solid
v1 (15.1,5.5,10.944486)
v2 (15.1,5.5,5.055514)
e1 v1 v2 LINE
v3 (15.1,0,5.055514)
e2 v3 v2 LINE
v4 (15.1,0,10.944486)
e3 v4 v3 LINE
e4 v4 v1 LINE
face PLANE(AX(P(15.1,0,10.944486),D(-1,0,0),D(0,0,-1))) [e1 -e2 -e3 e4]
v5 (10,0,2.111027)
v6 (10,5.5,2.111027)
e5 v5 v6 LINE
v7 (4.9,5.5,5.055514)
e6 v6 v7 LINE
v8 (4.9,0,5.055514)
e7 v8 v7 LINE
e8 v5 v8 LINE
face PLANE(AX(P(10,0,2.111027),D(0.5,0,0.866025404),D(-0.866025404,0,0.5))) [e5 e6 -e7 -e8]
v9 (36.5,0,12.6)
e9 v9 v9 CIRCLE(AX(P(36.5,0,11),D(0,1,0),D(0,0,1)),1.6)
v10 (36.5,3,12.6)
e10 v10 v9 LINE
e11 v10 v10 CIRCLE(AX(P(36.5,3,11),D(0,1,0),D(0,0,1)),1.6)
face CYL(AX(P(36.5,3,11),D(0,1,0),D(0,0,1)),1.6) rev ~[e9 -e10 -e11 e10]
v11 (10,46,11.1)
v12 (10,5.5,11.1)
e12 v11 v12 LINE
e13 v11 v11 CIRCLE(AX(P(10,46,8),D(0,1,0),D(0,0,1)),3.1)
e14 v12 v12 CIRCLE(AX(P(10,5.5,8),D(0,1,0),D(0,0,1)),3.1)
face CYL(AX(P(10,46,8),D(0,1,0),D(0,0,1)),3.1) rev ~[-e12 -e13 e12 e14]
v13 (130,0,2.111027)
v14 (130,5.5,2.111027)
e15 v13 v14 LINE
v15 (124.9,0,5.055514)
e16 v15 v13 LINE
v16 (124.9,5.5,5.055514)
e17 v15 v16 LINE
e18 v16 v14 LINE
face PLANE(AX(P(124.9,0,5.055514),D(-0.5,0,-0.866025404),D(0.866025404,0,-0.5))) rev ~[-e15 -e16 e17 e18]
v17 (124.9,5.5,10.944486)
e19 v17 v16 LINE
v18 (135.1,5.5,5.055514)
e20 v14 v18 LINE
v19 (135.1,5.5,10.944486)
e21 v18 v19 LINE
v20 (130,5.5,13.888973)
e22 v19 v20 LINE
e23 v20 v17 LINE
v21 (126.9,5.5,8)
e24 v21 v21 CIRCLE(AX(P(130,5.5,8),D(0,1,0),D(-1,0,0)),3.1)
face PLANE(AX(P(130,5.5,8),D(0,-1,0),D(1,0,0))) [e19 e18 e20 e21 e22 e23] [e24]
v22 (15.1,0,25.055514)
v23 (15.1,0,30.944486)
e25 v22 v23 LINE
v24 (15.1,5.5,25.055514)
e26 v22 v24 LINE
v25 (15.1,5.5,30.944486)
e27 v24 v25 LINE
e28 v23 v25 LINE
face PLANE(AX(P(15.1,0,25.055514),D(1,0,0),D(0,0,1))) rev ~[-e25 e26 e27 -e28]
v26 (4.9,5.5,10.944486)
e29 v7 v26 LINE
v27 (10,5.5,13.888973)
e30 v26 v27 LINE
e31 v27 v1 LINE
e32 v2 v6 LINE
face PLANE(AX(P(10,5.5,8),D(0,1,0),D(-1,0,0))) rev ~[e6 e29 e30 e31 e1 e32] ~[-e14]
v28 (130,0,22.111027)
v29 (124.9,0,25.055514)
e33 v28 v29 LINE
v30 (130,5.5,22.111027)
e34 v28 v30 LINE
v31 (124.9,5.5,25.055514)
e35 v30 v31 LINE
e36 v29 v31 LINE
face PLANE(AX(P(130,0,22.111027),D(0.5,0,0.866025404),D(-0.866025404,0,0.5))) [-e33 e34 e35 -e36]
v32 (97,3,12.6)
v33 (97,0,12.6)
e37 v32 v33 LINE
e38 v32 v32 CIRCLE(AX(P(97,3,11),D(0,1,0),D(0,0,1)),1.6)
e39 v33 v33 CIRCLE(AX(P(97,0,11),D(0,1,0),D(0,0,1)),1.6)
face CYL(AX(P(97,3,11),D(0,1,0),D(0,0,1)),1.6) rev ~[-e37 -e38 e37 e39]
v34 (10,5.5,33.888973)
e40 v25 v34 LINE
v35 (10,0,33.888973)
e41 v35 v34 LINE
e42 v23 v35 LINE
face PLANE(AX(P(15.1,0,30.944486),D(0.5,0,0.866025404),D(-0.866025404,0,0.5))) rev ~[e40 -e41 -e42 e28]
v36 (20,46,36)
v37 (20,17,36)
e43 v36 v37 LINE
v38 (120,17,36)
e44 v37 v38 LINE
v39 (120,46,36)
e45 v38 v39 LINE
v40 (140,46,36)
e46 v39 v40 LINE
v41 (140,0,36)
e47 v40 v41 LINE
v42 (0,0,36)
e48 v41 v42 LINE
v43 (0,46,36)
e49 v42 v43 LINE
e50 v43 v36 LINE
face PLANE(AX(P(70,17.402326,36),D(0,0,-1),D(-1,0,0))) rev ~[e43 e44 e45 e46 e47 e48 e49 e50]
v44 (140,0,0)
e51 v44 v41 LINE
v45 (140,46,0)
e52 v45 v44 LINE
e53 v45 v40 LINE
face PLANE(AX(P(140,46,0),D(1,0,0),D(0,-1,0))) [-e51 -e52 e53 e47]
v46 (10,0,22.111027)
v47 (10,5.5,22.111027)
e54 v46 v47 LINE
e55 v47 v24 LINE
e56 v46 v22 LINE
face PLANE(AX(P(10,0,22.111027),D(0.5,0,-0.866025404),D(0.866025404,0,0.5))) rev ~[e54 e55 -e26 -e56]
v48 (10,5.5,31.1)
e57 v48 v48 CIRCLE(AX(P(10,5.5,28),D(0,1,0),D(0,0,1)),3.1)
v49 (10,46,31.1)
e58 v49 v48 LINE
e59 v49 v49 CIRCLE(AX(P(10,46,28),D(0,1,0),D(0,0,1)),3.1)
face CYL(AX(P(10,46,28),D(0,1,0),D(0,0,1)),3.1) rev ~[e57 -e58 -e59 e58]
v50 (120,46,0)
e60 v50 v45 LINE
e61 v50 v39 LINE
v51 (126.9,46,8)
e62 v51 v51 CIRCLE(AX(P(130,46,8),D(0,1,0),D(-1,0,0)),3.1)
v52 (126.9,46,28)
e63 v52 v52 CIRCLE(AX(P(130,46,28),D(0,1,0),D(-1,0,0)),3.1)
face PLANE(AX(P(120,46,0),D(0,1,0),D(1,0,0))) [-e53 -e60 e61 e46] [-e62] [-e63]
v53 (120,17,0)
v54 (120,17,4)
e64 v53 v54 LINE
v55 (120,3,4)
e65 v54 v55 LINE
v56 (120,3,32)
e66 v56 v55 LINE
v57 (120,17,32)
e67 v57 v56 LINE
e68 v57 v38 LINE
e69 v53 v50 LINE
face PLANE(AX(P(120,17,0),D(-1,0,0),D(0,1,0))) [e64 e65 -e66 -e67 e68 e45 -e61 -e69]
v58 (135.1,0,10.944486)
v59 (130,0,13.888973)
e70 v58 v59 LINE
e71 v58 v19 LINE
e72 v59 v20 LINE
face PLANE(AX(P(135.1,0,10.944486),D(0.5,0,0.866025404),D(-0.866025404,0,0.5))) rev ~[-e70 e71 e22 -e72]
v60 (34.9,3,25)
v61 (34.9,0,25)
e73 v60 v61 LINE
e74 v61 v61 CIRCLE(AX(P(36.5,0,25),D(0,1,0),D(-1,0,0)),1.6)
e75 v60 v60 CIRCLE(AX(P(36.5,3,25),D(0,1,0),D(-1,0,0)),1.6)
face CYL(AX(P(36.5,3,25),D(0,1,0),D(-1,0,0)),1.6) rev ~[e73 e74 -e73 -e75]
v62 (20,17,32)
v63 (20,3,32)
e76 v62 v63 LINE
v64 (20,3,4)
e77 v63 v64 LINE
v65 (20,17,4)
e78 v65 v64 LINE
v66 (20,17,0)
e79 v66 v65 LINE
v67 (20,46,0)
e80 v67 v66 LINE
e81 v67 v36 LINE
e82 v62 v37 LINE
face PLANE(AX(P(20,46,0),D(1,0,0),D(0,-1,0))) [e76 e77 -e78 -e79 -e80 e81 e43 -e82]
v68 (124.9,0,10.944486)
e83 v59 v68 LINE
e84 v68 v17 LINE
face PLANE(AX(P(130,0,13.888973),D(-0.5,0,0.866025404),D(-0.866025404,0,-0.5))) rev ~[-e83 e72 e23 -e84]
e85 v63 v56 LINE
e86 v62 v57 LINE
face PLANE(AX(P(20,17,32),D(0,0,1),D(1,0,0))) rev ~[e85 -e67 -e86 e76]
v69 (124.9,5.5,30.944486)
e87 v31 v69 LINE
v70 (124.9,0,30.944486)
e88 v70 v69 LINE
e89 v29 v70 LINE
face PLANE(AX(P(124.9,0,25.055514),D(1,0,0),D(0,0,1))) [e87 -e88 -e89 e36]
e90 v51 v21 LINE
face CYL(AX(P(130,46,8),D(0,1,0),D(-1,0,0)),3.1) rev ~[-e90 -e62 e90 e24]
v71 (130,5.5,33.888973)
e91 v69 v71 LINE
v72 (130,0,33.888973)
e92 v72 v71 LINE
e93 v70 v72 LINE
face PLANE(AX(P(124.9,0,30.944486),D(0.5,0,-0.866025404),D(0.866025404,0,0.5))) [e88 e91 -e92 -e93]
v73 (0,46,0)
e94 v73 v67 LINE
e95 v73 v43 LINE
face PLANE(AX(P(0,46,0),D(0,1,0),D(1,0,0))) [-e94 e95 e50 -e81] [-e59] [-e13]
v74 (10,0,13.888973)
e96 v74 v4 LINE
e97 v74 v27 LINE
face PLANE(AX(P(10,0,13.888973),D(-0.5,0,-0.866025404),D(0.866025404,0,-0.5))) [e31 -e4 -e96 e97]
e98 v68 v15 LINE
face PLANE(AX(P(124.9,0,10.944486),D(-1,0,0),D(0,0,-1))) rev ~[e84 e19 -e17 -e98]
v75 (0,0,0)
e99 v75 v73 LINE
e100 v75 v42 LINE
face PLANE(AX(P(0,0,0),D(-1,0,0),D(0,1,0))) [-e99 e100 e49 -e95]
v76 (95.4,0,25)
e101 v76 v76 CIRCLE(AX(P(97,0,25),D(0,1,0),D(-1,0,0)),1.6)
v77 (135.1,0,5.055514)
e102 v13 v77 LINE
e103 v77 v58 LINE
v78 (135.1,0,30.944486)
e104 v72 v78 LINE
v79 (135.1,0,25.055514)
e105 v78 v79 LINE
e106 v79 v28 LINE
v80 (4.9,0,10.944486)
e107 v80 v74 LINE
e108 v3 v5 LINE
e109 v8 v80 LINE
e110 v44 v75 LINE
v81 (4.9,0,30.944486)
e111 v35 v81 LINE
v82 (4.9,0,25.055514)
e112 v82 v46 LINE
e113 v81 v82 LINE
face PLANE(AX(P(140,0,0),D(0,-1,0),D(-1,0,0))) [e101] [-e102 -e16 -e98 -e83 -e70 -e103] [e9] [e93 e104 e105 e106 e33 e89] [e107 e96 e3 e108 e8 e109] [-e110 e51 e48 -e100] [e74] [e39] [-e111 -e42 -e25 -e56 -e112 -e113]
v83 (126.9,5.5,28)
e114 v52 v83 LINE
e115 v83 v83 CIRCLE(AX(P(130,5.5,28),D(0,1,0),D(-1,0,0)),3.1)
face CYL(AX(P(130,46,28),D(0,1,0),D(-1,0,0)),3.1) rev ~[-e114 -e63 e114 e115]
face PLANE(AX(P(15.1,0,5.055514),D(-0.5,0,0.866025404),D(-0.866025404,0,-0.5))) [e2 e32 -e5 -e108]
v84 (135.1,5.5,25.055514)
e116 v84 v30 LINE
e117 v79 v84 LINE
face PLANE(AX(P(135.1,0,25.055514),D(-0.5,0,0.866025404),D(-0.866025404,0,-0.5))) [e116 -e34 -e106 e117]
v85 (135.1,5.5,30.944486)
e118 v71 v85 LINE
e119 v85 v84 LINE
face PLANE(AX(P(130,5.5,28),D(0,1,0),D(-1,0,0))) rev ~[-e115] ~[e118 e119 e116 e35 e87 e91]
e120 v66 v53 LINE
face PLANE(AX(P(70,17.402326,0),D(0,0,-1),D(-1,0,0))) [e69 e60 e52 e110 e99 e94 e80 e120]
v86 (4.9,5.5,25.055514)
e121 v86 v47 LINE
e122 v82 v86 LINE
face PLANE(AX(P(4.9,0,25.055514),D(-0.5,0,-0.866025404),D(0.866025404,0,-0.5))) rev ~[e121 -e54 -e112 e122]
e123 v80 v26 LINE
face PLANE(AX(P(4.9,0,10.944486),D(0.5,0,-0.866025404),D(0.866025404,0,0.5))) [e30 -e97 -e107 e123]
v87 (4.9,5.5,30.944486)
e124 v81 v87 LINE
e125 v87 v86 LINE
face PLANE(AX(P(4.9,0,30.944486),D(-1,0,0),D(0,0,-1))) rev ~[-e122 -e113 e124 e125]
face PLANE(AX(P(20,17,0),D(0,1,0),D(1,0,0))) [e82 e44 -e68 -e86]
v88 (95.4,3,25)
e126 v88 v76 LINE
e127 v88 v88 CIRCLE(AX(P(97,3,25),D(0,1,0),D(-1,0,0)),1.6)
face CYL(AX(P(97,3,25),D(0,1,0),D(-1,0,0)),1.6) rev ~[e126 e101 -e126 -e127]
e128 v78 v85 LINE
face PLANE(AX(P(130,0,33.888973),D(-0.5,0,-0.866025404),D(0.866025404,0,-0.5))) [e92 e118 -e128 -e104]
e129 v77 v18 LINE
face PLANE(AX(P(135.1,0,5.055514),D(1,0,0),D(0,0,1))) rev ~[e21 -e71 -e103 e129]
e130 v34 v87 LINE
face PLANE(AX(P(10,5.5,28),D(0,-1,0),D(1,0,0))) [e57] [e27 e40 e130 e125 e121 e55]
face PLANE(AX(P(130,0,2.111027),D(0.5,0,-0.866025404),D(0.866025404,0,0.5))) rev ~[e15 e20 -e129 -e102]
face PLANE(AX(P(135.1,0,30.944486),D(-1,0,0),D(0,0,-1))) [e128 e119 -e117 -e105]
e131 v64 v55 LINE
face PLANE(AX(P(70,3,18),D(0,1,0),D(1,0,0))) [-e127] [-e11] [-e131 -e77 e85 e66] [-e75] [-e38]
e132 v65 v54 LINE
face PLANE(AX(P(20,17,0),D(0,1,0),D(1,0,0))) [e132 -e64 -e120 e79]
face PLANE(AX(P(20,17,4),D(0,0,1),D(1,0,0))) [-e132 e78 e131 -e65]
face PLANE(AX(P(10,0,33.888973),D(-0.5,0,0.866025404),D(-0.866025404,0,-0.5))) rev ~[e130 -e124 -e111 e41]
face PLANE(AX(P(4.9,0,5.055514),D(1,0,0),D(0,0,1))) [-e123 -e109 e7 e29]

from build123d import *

# Parameters (mm, degrees)
BOSS_EXTRU_1_DEPTH      = 36
ESQUISSE6_W             = 100
ESQUISSE6_H             = 28
ENL_V_MAT_EXTRU_1_DEPTH = 14
ENL_V_MAT_EXTRU_2_REACH = 152.814
ESQUISSE7_R             = 1.6
ENL_V_MAT_EXTRU_3_REACH = 153.697
ESQUISSE8_R             = 3.1
ENL_V_MAT_EXTRU_4_DEPTH = 5.5


with BuildPart() as part:
    # Esquisse5 → Boss.-Extru.1 (new body)
    with BuildSketch(Plane.XY):
        Polygon((0, 0), (0, 46), (20, 46), (20, 17), (120, 17), (120, 46), (140, 46), (140, 0), align=None)
    extrude(amount=BOSS_EXTRU_1_DEPTH)

    # Esquisse6 → Enlèv. mat.-Extru.1 (cut)
    with BuildSketch(Plane(origin=(0, 17, 0), x_dir=(1, 0, 0), z_dir=(0, 1, 0))):
        with Locations((70, -18)):
            Rectangle(ESQUISSE6_W, ESQUISSE6_H)
    extrude(amount=-ENL_V_MAT_EXTRU_1_DEPTH, mode=Mode.SUBTRACT)

    # Esquisse7 → Enlèv. mat.-Extru.2 (cut, up to next)
    with BuildSketch(Plane(origin=(0, 3, 0), x_dir=(1, 0, 0), z_dir=(0, 1, 0)), mode=Mode.PRIVATE) as enl_v_mat_extru_2_sk1:
        with Locations(Location((36.5, -11, 0), (0, 0, 270))):
            Circle(ESQUISSE7_R)
    enl_v_mat_extru_2_tool1 = extrude(enl_v_mat_extru_2_sk1.sketch, amount=-ENL_V_MAT_EXTRU_2_REACH, mode=Mode.PRIVATE) & part.part
    # Esquisse7 → Enlèv. mat.-Extru.2 (cut, up to next)
    with BuildSketch(Plane(origin=(0, 3, 0), x_dir=(1, 0, 0), z_dir=(0, 1, 0)), mode=Mode.PRIVATE) as enl_v_mat_extru_2_sk2:
        with Locations(Location((97, -11, 0), (0, 0, 270))):
            Circle(ESQUISSE7_R)
    enl_v_mat_extru_2_tool2 = extrude(enl_v_mat_extru_2_sk2.sketch, amount=-ENL_V_MAT_EXTRU_2_REACH, mode=Mode.PRIVATE) & part.part
    # Esquisse7 → Enlèv. mat.-Extru.2 (cut, up to next)
    with BuildSketch(Plane(origin=(0, 3, 0), x_dir=(1, 0, 0), z_dir=(0, 1, 0)), mode=Mode.PRIVATE) as enl_v_mat_extru_2_sk3:
        with Locations(Location((97, -25, 0), (0, 0, 180))):
            Circle(ESQUISSE7_R)
    enl_v_mat_extru_2_tool3 = extrude(enl_v_mat_extru_2_sk3.sketch, amount=-ENL_V_MAT_EXTRU_2_REACH, mode=Mode.PRIVATE) & part.part
    # Esquisse7 → Enlèv. mat.-Extru.2 (cut, up to next)
    with BuildSketch(Plane(origin=(0, 3, 0), x_dir=(1, 0, 0), z_dir=(0, 1, 0)), mode=Mode.PRIVATE) as enl_v_mat_extru_2_sk4:
        with Locations(Location((36.5, -25, 0), (0, 0, 180))):
            Circle(ESQUISSE7_R)
    enl_v_mat_extru_2_tool4 = extrude(enl_v_mat_extru_2_sk4.sketch, amount=-ENL_V_MAT_EXTRU_2_REACH, mode=Mode.PRIVATE) & part.part
    add(enl_v_mat_extru_2_tool1.solids().sort_by_distance((36.5, 3, 11))[0], mode=Mode.SUBTRACT)
    add(enl_v_mat_extru_2_tool2.solids().sort_by_distance((97, 3, 11))[0], mode=Mode.SUBTRACT)
    add(enl_v_mat_extru_2_tool3.solids().sort_by_distance((97, 3, 25))[0], mode=Mode.SUBTRACT)
    add(enl_v_mat_extru_2_tool4.solids().sort_by_distance((36.5, 3, 25))[0], mode=Mode.SUBTRACT)

    # Esquisse8 → Enlèv. mat.-Extru.3 (cut, up to next)
    with BuildSketch(Plane(origin=(0, 46, 0), x_dir=(1, 0, 0), z_dir=(0, 1, 0)), mode=Mode.PRIVATE) as enl_v_mat_extru_3_sk1:
        with Locations(Location((10, -8, 0), (0, 0, 270))):
            Circle(ESQUISSE8_R)
    enl_v_mat_extru_3_tool1 = extrude(enl_v_mat_extru_3_sk1.sketch, amount=-ENL_V_MAT_EXTRU_3_REACH, mode=Mode.PRIVATE) & part.part
    # Esquisse8 → Enlèv. mat.-Extru.3 (cut, up to next)
    with BuildSketch(Plane(origin=(0, 46, 0), x_dir=(1, 0, 0), z_dir=(0, 1, 0)), mode=Mode.PRIVATE) as enl_v_mat_extru_3_sk2:
        with Locations(Location((10, -28, 0), (0, 0, 270))):
            Circle(ESQUISSE8_R)
    enl_v_mat_extru_3_tool2 = extrude(enl_v_mat_extru_3_sk2.sketch, amount=-ENL_V_MAT_EXTRU_3_REACH, mode=Mode.PRIVATE) & part.part
    # Esquisse8 → Enlèv. mat.-Extru.3 (cut, up to next)
    with BuildSketch(Plane(origin=(0, 46, 0), x_dir=(1, 0, 0), z_dir=(0, 1, 0)), mode=Mode.PRIVATE) as enl_v_mat_extru_3_sk3:
        with Locations(Location((130, -28, 0), (0, 0, 180))):
            Circle(ESQUISSE8_R)
    enl_v_mat_extru_3_tool3 = extrude(enl_v_mat_extru_3_sk3.sketch, amount=-ENL_V_MAT_EXTRU_3_REACH, mode=Mode.PRIVATE) & part.part
    # Esquisse8 → Enlèv. mat.-Extru.3 (cut, up to next)
    with BuildSketch(Plane(origin=(0, 46, 0), x_dir=(1, 0, 0), z_dir=(0, 1, 0)), mode=Mode.PRIVATE) as enl_v_mat_extru_3_sk4:
        with Locations(Location((130, -8, 0), (0, 0, 180))):
            Circle(ESQUISSE8_R)
    enl_v_mat_extru_3_tool4 = extrude(enl_v_mat_extru_3_sk4.sketch, amount=-ENL_V_MAT_EXTRU_3_REACH, mode=Mode.PRIVATE) & part.part
    add(enl_v_mat_extru_3_tool1.solids().sort_by_distance((10, 46, 8))[0], mode=Mode.SUBTRACT)
    add(enl_v_mat_extru_3_tool2.solids().sort_by_distance((10, 46, 28))[0], mode=Mode.SUBTRACT)
    add(enl_v_mat_extru_3_tool3.solids().sort_by_distance((130, 46, 28))[0], mode=Mode.SUBTRACT)
    add(enl_v_mat_extru_3_tool4.solids().sort_by_distance((130, 46, 8))[0], mode=Mode.SUBTRACT)

    # Esquisse9 → Enlèv. mat.-Extru.4 (cut)
    with BuildSketch(Plane.XZ):
        Polygon((124.9, 5.055513627), (130, 2.111027254), (135.1, 5.055513627), (135.1, 10.944486373), (130, 13.888972746), (124.9, 10.944486373), align=None)
        Polygon((124.9, 25.055513627), (124.9, 30.944486373), (130, 33.888972746), (135.1, 30.944486373), (135.1, 25.055513627), (130, 22.111027254), align=None)
        Polygon((15.1, 30.944486373), (10, 33.888972746), (4.9, 30.944486373), (4.9, 25.055513627), (10, 22.111027254), (15.1, 25.055513627), align=None)
        Polygon((15.1, 10.944486373), (15.1, 5.055513627), (10, 2.111027254), (4.9, 5.055513627), (4.9, 10.944486373), (10, 13.888972746), align=None)
    extrude(amount=-ENL_V_MAT_EXTRU_4_DEPTH, mode=Mode.SUBTRACT)


solid = part.part
